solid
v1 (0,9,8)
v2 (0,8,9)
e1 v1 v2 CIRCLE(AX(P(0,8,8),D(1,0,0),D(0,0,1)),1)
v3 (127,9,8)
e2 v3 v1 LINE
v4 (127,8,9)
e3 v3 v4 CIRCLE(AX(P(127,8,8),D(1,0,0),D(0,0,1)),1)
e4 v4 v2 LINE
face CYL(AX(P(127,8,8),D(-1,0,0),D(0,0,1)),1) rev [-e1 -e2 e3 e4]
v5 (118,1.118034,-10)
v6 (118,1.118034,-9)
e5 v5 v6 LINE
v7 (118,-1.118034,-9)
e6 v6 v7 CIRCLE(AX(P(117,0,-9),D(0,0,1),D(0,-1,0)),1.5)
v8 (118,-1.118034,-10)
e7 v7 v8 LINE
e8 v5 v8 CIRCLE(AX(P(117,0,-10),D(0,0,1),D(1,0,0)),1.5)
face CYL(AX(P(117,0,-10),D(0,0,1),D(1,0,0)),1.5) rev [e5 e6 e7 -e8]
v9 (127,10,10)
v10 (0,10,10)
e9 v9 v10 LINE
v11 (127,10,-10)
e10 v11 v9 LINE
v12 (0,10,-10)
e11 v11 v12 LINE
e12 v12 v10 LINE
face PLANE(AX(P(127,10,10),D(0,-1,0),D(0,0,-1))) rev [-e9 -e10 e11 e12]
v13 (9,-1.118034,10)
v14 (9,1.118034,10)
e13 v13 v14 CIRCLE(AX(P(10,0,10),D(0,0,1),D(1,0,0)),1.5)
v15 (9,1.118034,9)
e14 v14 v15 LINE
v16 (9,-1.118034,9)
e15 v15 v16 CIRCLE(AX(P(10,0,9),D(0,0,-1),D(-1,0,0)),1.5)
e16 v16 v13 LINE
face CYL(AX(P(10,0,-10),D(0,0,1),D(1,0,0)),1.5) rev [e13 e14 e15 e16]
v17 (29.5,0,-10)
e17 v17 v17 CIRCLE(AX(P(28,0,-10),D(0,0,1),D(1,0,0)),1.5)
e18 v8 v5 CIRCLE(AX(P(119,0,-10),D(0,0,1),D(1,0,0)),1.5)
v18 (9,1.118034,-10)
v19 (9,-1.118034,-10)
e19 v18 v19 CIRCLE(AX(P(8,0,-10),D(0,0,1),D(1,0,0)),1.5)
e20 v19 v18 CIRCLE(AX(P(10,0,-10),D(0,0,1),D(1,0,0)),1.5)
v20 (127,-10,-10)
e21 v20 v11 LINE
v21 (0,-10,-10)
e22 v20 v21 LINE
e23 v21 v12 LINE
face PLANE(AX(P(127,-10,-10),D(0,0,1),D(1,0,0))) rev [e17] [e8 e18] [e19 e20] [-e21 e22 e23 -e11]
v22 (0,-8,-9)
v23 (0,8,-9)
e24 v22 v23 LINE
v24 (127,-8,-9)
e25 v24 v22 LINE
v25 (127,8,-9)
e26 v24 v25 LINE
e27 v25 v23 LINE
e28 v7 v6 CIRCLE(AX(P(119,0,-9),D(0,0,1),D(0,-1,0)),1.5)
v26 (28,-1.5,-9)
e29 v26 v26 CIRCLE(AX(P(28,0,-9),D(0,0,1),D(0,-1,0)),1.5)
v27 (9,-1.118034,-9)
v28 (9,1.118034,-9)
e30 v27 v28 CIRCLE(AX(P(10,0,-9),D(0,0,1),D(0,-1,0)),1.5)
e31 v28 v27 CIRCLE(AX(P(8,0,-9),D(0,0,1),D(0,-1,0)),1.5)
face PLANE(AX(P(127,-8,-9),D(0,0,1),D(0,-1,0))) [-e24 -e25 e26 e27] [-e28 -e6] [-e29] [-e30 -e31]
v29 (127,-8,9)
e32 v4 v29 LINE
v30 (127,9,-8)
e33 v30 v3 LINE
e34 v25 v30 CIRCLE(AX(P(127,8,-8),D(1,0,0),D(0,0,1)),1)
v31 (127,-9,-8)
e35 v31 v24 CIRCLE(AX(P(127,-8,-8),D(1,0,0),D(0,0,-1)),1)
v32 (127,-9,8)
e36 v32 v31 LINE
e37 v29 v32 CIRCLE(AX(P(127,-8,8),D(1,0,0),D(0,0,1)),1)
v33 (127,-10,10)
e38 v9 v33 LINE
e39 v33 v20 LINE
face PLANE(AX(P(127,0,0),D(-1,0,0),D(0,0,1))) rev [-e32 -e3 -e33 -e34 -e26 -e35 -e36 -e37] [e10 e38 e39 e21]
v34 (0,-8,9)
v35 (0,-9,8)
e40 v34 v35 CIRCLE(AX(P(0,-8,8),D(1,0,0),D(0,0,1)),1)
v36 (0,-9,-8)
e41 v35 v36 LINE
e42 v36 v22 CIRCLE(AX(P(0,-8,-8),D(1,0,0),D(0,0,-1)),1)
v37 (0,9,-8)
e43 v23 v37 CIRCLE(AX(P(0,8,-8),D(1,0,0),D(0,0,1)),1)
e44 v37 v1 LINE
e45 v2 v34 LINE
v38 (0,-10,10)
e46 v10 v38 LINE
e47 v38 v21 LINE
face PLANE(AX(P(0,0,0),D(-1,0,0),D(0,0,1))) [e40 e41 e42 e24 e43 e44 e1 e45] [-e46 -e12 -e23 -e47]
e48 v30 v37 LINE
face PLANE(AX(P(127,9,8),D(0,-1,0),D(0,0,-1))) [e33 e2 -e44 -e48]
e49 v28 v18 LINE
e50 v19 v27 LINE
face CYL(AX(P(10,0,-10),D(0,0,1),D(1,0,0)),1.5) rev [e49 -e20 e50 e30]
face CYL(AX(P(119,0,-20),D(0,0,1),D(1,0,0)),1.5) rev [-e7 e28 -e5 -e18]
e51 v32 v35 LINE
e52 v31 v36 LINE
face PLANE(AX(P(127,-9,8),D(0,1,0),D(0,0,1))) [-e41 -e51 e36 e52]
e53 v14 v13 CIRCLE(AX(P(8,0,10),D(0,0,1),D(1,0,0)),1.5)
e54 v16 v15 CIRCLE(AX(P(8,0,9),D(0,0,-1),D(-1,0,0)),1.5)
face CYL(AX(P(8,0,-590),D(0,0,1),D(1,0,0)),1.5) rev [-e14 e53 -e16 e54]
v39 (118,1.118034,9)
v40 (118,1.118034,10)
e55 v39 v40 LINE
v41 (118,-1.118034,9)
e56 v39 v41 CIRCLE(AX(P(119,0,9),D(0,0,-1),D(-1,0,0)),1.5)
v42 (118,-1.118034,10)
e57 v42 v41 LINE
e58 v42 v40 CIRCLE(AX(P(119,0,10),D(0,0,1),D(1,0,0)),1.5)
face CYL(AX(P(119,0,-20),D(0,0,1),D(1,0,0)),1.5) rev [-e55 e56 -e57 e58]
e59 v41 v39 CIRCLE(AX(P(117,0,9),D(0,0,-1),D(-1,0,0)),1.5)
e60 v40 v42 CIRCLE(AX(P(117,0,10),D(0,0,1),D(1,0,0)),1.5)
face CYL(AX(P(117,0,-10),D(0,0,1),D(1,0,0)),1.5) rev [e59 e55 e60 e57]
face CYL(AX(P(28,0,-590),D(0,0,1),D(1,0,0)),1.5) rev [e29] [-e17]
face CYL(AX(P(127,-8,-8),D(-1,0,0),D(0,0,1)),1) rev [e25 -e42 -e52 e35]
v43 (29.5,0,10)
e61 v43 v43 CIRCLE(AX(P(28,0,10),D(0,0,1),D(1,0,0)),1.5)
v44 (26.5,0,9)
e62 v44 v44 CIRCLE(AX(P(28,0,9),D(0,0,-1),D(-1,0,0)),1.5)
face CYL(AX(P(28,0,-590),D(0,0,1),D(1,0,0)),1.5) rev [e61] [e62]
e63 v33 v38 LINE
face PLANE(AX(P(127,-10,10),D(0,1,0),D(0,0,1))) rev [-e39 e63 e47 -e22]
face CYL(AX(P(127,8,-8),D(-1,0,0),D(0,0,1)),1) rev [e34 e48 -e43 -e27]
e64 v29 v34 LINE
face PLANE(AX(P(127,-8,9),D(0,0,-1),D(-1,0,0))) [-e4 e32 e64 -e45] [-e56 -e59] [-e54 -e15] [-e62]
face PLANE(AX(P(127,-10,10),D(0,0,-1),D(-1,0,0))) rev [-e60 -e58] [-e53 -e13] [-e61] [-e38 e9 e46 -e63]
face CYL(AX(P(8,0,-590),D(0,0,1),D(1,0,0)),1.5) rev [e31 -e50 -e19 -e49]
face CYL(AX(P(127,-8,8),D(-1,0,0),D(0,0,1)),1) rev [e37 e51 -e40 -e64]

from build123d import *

# Parameters (mm, degrees)
SKETCH1_W           = 20
SKETCH1_H           = 20
BOSS_EXTRUDE1_DEPTH = 127
SKETCH5_R           = 1.5
CUT_EXTRUDE4_DEPTH  = 20
SKETCH2_R           = 1.5
CUT_EXTRUDE1_DEPTH  = 600
SKETCH3_R           = 1.5
CUT_EXTRUDE2_DEPTH  = 30


with BuildPart() as part:
    # Sketch1 → Boss-Extrude1 (new body)
    with BuildSketch(Plane(origin=(0, 0, 0), x_dir=(0, 0, -1), z_dir=(1, 0, 0))):
        Rectangle(SKETCH1_W, SKETCH1_H)
        with BuildLine():
            Line((-8, -9), (8, -9))
            ThreePointArc((8, -9), (8.707106781, -8.707106781), (9, -8))
            Line((9, -8), (9, 8))
            ThreePointArc((9, 8), (8.707106781, 8.707106781), (8, 9))
            Line((8, 9), (-8, 9))
            ThreePointArc((-8, 9), (-8.707106781, 8.707106781), (-9, 8))
            Line((-9, 8), (-9, -8))
            ThreePointArc((-9, -8), (-8.707106781, -8.707106781), (-8, -9))
        make_face(mode=Mode.SUBTRACT)
    extrude(amount=BOSS_EXTRUDE1_DEPTH)

    # Sketch5 → Cut-Extrude4 (cut)
    with BuildSketch(Plane.XY.offset(10)):
        with Locations((10, 0)):
            Circle(SKETCH5_R)
        with Locations((117, 0)):
            Circle(SKETCH5_R)
    extrude(amount=-CUT_EXTRUDE4_DEPTH, mode=Mode.SUBTRACT)

    # Sketch2 → Cut-Extrude1 (cut)
    with BuildSketch(Plane.XY.offset(10)):
        with Locations((8, 0)):
            Circle(SKETCH2_R)
        with Locations((28, 0)):
            Circle(SKETCH2_R)
    extrude(amount=-CUT_EXTRUDE1_DEPTH, mode=Mode.SUBTRACT)

    # Sketch3 → Cut-Extrude2 (cut)
    with BuildSketch(Plane.XY.offset(10)):
        with Locations((119, 0)):
            Circle(SKETCH3_R)
        with Locations((139, 0)):
            Circle(SKETCH3_R)
    extrude(amount=-CUT_EXTRUDE2_DEPTH, mode=Mode.SUBTRACT)


solid = part.part
